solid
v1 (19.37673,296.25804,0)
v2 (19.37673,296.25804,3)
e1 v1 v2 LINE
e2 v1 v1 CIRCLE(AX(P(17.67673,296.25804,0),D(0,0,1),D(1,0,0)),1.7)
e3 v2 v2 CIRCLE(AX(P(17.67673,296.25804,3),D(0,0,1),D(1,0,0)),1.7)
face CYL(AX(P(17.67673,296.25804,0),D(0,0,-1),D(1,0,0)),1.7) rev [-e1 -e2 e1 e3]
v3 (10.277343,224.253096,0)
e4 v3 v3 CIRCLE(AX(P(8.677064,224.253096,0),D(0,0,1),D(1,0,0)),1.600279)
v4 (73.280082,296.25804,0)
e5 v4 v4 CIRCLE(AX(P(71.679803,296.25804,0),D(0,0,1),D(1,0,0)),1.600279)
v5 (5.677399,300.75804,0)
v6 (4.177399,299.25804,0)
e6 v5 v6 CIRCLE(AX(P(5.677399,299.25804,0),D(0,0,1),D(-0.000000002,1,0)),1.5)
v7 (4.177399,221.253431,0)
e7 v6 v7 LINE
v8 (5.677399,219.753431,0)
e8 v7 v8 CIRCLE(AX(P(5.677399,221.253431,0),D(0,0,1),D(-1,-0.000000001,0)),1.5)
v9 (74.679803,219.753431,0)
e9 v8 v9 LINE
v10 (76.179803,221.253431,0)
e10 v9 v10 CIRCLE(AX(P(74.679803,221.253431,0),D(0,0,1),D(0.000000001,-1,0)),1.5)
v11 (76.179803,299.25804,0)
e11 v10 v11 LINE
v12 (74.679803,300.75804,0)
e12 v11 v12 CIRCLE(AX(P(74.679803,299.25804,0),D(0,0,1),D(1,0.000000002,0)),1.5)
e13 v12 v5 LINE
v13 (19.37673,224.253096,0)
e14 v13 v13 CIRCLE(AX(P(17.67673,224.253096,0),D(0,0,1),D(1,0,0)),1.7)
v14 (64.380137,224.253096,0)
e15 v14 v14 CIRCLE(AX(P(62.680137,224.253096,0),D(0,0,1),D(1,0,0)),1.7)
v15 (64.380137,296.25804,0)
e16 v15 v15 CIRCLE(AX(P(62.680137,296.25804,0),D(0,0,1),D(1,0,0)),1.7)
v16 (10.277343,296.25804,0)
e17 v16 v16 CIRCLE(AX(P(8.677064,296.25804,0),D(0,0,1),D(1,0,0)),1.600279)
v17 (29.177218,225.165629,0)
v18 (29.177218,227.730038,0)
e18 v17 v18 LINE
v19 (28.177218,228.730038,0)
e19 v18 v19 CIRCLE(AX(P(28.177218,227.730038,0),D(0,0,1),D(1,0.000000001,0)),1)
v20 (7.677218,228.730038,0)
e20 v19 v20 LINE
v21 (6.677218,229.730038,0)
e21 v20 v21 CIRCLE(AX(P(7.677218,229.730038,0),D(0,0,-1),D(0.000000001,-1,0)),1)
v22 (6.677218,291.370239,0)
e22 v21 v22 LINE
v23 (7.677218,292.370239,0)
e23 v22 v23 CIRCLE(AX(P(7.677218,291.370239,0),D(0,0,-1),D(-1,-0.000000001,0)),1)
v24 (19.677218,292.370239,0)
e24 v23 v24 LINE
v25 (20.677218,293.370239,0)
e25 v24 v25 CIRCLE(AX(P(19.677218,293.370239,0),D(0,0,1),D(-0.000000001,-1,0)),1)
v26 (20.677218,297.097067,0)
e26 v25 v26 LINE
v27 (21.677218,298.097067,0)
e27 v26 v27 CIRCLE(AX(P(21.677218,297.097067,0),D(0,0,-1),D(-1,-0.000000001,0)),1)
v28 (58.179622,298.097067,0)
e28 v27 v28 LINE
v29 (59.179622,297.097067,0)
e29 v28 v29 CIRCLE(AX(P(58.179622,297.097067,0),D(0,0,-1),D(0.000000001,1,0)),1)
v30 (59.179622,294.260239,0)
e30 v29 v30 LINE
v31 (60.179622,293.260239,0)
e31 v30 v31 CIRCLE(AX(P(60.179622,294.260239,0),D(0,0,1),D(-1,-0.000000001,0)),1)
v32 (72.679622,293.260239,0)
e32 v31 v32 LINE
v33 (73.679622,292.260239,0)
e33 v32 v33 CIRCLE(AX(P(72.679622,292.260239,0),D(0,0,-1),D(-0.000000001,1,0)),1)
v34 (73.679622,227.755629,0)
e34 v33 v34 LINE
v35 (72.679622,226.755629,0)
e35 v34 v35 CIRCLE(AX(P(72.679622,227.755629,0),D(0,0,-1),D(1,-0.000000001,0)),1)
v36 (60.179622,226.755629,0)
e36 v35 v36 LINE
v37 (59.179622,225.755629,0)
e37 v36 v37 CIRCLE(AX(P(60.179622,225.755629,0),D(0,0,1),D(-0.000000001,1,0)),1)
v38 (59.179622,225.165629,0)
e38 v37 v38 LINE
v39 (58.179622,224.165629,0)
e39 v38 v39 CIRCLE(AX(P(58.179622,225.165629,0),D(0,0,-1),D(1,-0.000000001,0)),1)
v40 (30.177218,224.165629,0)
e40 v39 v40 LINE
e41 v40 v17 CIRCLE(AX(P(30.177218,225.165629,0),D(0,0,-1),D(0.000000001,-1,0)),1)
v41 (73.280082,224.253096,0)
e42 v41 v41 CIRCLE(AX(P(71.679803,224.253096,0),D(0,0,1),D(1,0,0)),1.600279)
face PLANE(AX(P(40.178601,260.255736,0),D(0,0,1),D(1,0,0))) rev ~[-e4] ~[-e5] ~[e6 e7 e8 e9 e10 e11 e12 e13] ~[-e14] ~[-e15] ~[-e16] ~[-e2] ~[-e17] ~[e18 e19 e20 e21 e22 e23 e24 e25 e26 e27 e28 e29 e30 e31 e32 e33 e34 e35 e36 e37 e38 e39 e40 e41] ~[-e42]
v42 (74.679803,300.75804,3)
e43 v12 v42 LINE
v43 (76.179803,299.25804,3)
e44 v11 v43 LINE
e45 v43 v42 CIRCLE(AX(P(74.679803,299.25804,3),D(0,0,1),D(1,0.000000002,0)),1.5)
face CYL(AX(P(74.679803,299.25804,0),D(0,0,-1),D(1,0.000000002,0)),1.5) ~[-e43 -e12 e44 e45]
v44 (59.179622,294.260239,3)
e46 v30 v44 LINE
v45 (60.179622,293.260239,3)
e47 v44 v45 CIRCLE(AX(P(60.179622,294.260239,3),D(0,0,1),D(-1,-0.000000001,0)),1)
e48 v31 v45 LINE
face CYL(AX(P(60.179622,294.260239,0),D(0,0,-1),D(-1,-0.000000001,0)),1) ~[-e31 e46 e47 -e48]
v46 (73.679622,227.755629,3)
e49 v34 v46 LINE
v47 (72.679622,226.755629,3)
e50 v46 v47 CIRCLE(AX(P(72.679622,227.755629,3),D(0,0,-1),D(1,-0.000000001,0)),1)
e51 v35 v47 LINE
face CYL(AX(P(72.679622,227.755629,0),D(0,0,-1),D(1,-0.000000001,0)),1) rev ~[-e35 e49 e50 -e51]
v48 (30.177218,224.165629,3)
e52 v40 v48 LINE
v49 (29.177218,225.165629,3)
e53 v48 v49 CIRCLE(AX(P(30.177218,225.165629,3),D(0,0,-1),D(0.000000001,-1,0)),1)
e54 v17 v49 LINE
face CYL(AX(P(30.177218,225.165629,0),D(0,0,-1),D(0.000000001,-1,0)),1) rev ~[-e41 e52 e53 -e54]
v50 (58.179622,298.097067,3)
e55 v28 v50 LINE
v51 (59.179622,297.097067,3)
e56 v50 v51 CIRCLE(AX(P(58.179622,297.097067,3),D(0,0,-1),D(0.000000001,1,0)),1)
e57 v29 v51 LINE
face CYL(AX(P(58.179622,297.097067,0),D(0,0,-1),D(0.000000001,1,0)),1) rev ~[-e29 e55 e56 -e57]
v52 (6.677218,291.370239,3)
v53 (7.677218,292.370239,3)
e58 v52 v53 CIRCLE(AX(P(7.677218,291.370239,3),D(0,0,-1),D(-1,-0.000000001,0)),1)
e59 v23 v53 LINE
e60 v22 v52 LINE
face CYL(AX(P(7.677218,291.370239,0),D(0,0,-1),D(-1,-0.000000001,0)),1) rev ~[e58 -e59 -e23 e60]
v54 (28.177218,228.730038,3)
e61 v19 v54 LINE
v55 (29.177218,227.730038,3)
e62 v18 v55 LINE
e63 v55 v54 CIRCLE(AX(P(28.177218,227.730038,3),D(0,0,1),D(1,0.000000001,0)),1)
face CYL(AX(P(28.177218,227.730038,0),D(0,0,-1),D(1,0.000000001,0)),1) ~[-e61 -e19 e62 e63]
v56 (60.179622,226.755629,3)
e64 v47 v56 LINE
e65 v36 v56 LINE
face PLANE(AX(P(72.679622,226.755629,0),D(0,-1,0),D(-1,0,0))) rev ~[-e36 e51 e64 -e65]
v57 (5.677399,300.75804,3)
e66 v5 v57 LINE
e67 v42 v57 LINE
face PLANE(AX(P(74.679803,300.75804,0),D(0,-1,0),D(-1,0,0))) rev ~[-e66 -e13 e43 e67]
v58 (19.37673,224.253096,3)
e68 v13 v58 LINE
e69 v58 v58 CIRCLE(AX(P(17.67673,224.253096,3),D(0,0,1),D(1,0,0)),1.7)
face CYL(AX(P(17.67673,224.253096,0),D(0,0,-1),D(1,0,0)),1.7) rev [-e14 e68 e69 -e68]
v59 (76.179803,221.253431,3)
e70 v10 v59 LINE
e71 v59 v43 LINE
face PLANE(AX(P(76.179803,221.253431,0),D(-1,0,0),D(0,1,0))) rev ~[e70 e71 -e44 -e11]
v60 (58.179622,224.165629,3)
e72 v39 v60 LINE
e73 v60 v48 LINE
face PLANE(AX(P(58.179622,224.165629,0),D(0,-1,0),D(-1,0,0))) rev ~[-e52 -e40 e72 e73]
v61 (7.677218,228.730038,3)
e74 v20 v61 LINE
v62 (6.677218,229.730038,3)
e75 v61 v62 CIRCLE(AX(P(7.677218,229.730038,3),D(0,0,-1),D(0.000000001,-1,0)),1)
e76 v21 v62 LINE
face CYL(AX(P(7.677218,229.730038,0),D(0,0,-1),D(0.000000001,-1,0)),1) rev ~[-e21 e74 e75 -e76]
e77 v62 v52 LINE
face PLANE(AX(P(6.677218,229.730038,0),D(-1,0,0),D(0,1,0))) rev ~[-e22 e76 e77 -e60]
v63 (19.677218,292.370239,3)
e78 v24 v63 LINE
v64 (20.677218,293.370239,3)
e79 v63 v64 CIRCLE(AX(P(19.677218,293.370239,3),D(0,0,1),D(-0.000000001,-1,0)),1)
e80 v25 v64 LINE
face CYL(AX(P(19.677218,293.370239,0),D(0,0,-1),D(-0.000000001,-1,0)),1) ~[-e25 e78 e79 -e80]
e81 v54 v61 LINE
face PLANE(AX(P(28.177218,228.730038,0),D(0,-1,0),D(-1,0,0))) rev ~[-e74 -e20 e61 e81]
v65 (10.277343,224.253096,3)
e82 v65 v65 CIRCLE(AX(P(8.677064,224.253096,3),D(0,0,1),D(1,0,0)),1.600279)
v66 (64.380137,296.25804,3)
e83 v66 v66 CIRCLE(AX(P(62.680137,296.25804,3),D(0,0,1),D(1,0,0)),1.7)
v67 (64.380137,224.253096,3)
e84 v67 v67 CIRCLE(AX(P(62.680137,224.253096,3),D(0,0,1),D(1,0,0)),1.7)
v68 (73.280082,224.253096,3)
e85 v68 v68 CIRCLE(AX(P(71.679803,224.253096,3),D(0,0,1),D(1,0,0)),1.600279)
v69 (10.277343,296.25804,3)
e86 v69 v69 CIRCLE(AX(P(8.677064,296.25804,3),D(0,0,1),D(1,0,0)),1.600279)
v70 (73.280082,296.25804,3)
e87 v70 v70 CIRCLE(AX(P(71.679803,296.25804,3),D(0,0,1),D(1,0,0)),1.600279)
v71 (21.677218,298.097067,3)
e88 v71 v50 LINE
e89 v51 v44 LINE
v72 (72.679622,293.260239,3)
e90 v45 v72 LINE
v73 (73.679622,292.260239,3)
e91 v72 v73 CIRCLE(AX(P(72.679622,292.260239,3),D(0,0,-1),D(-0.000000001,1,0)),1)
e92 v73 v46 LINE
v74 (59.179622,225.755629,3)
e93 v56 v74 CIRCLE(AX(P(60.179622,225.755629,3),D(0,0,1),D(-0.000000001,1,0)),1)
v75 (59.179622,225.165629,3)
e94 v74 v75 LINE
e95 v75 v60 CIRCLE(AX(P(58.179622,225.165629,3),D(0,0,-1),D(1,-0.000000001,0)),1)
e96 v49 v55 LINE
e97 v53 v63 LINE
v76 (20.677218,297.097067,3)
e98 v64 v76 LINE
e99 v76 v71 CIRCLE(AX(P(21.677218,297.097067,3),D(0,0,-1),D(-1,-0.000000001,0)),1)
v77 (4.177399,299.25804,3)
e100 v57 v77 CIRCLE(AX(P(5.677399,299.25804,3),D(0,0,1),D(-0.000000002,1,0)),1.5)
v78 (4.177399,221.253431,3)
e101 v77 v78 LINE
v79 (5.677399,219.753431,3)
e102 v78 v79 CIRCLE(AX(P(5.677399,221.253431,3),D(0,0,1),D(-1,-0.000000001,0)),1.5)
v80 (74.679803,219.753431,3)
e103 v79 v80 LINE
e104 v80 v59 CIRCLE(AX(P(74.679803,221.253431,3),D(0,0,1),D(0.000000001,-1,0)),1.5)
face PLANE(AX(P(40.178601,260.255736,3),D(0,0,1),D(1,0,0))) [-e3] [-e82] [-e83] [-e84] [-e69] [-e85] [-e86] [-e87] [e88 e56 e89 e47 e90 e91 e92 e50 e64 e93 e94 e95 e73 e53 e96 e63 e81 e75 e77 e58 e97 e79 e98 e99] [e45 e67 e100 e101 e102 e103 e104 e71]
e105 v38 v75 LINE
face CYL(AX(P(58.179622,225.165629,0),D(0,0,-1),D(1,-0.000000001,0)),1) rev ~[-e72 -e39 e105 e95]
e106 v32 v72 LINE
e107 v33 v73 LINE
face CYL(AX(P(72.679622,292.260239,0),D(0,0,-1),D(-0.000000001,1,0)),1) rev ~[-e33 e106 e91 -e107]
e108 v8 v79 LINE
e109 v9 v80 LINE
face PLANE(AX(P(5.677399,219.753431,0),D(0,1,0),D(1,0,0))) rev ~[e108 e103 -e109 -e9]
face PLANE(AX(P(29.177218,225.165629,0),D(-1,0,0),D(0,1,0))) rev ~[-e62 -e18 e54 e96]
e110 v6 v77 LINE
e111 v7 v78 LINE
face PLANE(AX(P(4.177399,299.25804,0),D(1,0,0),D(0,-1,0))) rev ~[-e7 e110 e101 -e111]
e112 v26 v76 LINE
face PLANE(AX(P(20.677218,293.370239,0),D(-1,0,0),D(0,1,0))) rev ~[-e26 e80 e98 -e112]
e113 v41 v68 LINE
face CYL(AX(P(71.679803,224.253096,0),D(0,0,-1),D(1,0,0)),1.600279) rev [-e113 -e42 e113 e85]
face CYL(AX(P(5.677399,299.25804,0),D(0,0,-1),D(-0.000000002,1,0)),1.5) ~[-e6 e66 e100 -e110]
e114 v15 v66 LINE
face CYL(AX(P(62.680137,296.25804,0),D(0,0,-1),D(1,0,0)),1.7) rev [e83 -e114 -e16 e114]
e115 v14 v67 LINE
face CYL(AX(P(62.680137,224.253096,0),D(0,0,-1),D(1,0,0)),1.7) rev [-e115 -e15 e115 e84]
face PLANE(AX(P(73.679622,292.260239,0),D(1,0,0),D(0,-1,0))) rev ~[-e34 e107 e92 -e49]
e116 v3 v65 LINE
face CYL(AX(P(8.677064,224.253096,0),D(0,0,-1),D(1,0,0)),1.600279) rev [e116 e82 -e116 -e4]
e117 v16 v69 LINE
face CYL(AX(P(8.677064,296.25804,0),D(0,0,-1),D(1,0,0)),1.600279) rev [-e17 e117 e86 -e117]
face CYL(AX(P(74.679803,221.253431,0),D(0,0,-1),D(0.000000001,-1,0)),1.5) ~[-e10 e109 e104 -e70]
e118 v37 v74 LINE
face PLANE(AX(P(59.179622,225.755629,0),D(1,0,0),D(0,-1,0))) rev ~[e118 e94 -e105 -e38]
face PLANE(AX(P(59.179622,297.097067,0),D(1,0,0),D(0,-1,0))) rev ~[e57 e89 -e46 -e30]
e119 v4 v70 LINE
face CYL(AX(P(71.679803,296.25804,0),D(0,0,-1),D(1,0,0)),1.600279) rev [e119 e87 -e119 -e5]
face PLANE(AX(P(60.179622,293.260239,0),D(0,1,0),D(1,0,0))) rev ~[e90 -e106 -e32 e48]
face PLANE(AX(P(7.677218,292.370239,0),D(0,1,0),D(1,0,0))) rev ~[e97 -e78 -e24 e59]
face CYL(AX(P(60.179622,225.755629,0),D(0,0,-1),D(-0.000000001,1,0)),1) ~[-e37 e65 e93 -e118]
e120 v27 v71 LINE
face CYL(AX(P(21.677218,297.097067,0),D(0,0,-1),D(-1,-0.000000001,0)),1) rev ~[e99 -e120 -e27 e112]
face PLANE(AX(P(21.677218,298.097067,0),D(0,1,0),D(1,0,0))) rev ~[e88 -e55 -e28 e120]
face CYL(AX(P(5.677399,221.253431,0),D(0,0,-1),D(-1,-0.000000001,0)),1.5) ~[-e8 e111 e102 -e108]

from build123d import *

# Parameters (mm, degrees)
MODEL_R                 = 1.7
MODEL_R_2               = 1.600279216
SALIENTE_EXTRUIR1_DEPTH = 3


with BuildPart() as part:
    # Model → Saliente-Extruir1 (new body)
    with BuildSketch(Plane.XY):
        with BuildLine():
            Line((74.679802956, 300.758040435), (5.677398721, 300.758040435))
            ThreePointArc((5.677398721, 300.758040435), (4.61673855, 300.318700606), (4.177398721, 299.258040435))
            Line((4.177398721, 299.258040435), (4.177398721, 221.253430577))
            ThreePointArc((4.177398721, 221.253430577), (4.61673855, 220.192770405), (5.677398721, 219.753430577))
            Line((5.677398721, 219.753430577), (74.679802956, 219.753430577))
            ThreePointArc((74.679802956, 219.753430577), (75.740463127, 220.192770405), (76.179802956, 221.253430577))
            Line((76.179802956, 221.253430577), (76.179802956, 299.258040435))
            ThreePointArc((76.179802956, 299.258040435), (75.740463127, 300.318700606), (74.679802956, 300.758040435))
        make_face()
        with Locations((17.676729717, 224.253096075)):
            Circle(MODEL_R, mode=Mode.SUBTRACT)
        with Locations((62.680137458, 224.253096075)):
            Circle(MODEL_R, mode=Mode.SUBTRACT)
        with Locations((8.677064219, 224.253096075)):
            Circle(MODEL_R_2, mode=Mode.SUBTRACT)
        with Locations((71.679802956, 224.253096075)):
            Circle(MODEL_R_2, mode=Mode.SUBTRACT)
        with Locations((17.676729717, 296.258040435)):
            Circle(MODEL_R, mode=Mode.SUBTRACT)
        with Locations((62.680137458, 296.258040435)):
            Circle(MODEL_R, mode=Mode.SUBTRACT)
        with Locations((71.679802956, 296.258040435)):
            Circle(MODEL_R_2, mode=Mode.SUBTRACT)
        with Locations((8.677064219, 296.258040435)):
            Circle(MODEL_R_2, mode=Mode.SUBTRACT)
        with BuildLine():
            Line((73.679621744, 292.260238845), (73.679621744, 227.755628988))
            ThreePointArc((73.679621744, 227.755628988), (73.386728525, 227.048522207), (72.679621744, 226.755628988))
            Line((72.679621744, 226.755628988), (60.179621744, 226.755628988))
            ThreePointArc((60.179621744, 226.755628988), (59.472514963, 226.462735769), (59.179621744, 225.755628988))
            Line((59.179621744, 225.755628988), (59.179621744, 225.165628988))
            ThreePointArc((59.179621744, 225.165628988), (58.886728525, 224.458522207), (58.179621744, 224.165628988))
            Line((58.179621744, 224.165628988), (30.17721751, 224.165628988))
            ThreePointArc((30.17721751, 224.165628988), (29.470110728, 224.458522207), (29.17721751, 225.165628988))
            Line((29.17721751, 225.165628988), (29.17721751, 227.730037779))
            ThreePointArc((29.17721751, 227.730037779), (28.884324291, 228.43714456), (28.17721751, 228.730037779))
            Line((28.17721751, 228.730037779), (7.67721751, 228.730037779))
            ThreePointArc((7.67721751, 228.730037779), (6.970110728, 229.022930998), (6.67721751, 229.730037779))
            Line((6.67721751, 229.730037779), (6.67721751, 291.370238846))
            ThreePointArc((6.67721751, 291.370238846), (6.970110728, 292.077345627), (7.67721751, 292.370238846))
            Line((7.67721751, 292.370238846), (19.67721751, 292.370238846))
            ThreePointArc((19.67721751, 292.370238846), (20.384324291, 292.663132064), (20.67721751, 293.370238846))
            Line((20.67721751, 293.370238846), (20.67721751, 297.097066693))
            ThreePointArc((20.67721751, 297.097066693), (20.970110728, 297.804173474), (21.67721751, 298.097066693))
            Line((21.67721751, 298.097066693), (58.179621744, 298.097066693))
            ThreePointArc((58.179621744, 298.097066693), (58.886728525, 297.804173474), (59.179621744, 297.097066693))
            Line((59.179621744, 297.097066693), (59.179621744, 294.260238845))
            ThreePointArc((59.179621744, 294.260238845), (59.472514963, 293.553132064), (60.179621744, 293.260238845))
            Line((60.179621744, 293.260238845), (72.679621744, 293.260238845))
            ThreePointArc((72.679621744, 293.260238845), (73.386728525, 292.967345627), (73.679621744, 292.260238845))
        make_face(mode=Mode.SUBTRACT)
    extrude(amount=SALIENTE_EXTRUIR1_DEPTH)


solid = part.part
